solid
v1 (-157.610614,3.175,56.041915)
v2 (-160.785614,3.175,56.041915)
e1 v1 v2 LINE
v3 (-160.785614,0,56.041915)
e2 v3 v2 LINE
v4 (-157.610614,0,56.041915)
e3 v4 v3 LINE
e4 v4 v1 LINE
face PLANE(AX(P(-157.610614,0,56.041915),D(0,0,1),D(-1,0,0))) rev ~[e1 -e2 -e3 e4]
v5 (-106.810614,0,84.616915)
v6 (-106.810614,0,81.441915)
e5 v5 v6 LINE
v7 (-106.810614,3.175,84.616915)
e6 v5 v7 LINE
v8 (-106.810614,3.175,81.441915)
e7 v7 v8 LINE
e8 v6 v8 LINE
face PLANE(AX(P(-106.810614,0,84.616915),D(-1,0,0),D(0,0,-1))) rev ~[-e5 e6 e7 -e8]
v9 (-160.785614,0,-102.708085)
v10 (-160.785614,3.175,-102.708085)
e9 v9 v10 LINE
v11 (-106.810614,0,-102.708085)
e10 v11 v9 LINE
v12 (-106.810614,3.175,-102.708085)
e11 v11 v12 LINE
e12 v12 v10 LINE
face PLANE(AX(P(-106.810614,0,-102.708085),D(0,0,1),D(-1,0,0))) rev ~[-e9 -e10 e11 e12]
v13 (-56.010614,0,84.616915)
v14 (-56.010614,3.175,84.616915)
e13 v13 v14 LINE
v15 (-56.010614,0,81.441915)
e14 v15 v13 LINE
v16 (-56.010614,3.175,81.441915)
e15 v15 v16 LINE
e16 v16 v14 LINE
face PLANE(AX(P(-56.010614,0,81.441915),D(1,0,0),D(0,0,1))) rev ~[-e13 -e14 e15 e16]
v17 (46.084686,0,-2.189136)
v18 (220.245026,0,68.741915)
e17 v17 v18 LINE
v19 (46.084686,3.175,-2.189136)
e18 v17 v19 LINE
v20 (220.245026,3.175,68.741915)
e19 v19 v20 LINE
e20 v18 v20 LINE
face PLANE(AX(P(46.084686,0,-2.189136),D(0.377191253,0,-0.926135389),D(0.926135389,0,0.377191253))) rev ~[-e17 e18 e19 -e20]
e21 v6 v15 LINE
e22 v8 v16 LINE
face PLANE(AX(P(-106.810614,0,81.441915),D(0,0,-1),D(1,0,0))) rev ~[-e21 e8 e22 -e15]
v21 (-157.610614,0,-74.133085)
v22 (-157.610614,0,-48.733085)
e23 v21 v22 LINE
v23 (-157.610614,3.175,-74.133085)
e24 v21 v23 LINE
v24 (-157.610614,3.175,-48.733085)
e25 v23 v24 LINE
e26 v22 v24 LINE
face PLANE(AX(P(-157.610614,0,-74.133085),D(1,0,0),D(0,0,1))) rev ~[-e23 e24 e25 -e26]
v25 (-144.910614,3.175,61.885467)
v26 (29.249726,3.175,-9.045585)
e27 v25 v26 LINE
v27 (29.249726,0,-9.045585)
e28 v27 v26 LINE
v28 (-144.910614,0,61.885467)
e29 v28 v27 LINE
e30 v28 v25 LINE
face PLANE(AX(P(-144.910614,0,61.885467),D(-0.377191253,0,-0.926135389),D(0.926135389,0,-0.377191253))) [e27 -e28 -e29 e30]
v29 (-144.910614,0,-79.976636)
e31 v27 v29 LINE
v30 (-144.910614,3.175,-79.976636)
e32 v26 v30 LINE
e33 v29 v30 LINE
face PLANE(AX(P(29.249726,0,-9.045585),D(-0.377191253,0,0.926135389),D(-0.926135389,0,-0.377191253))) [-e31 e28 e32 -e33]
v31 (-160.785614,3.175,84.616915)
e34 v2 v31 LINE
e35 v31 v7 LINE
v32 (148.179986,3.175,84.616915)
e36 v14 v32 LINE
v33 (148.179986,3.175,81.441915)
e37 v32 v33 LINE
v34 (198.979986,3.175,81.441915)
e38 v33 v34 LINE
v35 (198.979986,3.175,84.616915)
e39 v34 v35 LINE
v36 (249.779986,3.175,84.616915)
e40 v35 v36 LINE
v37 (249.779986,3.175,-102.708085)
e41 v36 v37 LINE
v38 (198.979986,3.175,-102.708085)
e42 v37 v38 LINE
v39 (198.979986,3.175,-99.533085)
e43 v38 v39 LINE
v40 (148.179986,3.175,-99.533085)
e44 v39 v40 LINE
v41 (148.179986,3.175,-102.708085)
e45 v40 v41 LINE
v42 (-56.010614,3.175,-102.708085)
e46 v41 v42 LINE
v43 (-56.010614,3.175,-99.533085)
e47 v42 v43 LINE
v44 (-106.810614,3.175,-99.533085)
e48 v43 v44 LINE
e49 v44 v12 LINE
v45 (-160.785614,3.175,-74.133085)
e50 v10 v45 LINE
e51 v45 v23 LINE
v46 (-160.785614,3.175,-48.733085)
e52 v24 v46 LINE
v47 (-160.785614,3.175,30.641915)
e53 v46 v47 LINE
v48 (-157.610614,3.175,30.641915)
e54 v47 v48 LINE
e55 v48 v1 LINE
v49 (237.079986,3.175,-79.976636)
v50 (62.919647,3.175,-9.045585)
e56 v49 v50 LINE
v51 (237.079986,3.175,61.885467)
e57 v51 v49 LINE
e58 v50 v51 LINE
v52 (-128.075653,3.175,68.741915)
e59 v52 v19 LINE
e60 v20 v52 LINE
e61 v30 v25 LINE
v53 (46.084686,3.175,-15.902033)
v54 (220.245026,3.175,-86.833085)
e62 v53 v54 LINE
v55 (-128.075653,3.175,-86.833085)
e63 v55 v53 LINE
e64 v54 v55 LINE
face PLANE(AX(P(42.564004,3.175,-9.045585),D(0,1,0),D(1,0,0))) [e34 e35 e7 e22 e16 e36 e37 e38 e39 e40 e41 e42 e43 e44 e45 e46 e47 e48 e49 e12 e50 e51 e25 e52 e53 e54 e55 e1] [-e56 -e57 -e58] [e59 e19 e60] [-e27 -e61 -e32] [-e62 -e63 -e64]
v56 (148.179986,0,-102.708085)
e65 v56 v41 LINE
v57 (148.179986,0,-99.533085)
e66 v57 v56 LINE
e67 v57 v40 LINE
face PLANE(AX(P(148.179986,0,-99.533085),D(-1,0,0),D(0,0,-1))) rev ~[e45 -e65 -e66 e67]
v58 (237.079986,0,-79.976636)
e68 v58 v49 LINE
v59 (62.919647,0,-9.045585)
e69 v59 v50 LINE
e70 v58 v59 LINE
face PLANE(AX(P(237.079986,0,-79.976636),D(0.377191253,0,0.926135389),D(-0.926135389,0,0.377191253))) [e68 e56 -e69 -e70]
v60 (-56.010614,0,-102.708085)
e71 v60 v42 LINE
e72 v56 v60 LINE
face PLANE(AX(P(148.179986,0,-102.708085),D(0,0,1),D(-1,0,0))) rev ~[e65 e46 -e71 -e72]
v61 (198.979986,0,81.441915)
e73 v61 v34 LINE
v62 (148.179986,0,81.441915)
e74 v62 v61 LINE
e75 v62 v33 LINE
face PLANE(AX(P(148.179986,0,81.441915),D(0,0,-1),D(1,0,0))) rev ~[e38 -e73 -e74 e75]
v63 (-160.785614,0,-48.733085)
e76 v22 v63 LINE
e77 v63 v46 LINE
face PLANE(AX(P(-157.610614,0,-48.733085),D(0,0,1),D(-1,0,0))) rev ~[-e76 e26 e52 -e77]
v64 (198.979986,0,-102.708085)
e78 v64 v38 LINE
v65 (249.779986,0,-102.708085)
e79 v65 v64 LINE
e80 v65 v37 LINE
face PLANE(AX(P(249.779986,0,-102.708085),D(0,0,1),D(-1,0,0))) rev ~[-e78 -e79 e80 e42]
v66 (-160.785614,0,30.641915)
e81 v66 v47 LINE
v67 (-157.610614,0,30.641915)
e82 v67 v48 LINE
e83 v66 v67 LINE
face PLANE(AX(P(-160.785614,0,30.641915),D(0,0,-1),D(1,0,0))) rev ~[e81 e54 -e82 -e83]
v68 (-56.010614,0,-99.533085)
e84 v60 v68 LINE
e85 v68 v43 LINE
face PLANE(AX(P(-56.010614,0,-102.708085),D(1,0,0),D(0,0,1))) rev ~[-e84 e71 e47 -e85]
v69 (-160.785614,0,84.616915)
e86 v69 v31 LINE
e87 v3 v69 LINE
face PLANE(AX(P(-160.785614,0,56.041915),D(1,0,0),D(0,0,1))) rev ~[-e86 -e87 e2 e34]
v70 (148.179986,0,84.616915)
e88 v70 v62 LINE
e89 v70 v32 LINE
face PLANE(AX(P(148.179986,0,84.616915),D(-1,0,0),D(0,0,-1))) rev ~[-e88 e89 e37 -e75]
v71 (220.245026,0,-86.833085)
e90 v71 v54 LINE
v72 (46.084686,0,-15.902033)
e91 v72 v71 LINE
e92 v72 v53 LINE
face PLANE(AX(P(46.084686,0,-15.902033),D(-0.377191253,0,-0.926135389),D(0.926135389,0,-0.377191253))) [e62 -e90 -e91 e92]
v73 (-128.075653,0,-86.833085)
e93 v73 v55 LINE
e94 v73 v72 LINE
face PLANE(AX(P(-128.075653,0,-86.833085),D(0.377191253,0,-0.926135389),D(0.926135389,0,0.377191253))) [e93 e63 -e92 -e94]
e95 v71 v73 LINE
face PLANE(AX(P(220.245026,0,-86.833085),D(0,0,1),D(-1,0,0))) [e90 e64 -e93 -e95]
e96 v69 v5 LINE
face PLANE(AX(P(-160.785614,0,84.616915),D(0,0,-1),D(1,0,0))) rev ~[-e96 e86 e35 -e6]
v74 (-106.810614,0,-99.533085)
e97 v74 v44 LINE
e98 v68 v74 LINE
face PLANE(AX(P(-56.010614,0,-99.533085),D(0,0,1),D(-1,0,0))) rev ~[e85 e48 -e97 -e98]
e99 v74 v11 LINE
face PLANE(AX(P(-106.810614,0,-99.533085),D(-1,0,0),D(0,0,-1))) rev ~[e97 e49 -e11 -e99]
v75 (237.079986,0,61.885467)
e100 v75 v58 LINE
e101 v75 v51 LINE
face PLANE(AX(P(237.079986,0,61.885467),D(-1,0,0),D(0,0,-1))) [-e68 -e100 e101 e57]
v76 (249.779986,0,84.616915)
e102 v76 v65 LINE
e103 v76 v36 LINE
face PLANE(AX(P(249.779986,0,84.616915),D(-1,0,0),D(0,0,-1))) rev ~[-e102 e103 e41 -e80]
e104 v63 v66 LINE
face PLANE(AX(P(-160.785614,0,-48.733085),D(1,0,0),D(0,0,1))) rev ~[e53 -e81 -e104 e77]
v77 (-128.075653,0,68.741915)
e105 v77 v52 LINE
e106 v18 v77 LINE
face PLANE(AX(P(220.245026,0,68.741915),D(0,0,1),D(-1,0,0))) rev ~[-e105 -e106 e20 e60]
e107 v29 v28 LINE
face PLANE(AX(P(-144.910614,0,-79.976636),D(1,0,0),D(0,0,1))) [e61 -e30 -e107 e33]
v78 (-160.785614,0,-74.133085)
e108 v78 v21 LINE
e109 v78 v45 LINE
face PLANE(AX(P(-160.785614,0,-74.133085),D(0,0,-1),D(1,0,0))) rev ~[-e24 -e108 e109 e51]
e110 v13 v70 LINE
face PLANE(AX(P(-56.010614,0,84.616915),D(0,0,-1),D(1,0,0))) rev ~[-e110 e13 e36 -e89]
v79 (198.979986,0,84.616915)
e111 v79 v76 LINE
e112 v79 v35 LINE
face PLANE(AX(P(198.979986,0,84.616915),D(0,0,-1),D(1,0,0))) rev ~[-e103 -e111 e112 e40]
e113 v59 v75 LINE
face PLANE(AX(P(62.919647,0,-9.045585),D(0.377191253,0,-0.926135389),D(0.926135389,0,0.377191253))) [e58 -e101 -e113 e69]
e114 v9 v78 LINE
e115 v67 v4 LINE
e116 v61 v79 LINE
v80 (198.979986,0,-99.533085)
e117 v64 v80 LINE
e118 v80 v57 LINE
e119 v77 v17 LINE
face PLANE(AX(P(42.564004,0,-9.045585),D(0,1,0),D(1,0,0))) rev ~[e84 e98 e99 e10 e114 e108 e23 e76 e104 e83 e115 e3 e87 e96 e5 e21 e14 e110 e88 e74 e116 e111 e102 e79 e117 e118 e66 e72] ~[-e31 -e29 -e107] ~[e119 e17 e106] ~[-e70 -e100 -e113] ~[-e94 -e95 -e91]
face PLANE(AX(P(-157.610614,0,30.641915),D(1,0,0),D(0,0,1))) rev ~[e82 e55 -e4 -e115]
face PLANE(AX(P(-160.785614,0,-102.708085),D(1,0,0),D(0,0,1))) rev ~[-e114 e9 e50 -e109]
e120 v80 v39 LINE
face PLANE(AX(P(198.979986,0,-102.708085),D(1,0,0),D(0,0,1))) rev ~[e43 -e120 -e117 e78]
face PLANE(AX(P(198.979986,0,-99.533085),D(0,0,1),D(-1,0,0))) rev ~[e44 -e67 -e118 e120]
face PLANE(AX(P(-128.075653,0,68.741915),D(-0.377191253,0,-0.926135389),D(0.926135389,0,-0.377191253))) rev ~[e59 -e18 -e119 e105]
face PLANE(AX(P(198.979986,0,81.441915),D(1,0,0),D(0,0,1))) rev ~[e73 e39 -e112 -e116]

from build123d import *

# Parameters (mm, degrees)
BOSS_EXTRUDE3_DEPTH = 3.175


with BuildPart() as part:
    # Sketch1 → Boss-Extrude3 (new body)
    with BuildSketch(Plane(origin=(0, 0, 0), x_dir=(1, 0, 0), z_dir=(0, 1, 0))):
        Polygon((-56.010613502, -81.441915492), (-56.010613502, -84.616915492), (148.179986498, -84.616915492), (148.179986498, -81.441915492), (198.979986498, -81.441915492), (198.979986498, -84.616915492), (249.779986498, -84.616915492), (249.779986498, -81.441915492), (249.779986498, 99.533084508), (249.779986498, 102.708084508), (198.979986498, 102.708084508), (198.979986498, 99.533084508), (148.179986498, 99.533084508), (148.179986498, 102.708084508), (-56.010613502, 102.708084508), (-56.010613502, 99.533084508), (-106.810613502, 99.533084508), (-106.810613502, 102.708084508), (-157.610613502, 102.708084508), (-160.785613502, 102.708084508), (-160.785613502, 99.533084508), (-160.785613502, 74.133084508), (-157.610613502, 74.133084508), (-157.610613502, 48.733084508), (-160.785613502, 48.733084508), (-160.785613502, -30.641915492), (-157.610613502, -30.641915492), (-157.610613502, -56.041915492), (-160.785613502, -56.041915492), (-160.785613502, -81.441915492), (-160.785613502, -84.616915492), (-157.610613502, -84.616915492), (-106.810613502, -84.616915492), (-106.810613502, -81.441915492), align=None)
        Polygon((46.084686498, 15.902033442), (220.245025597, 86.833084508), (-128.0756526, 86.833084508), align=None, mode=Mode.SUBTRACT)
        Polygon((-144.910613502, -61.885466558), (29.249725597, 9.045584508), (-144.910613502, 79.976635573), align=None, mode=Mode.SUBTRACT)
        Polygon((-128.0756526, -68.741915492), (46.084686498, 2.189135573), (220.245025597, -68.741915492), align=None, mode=Mode.SUBTRACT)
        Polygon((62.9196474, 9.045584508), (237.079986498, -61.885466558), (237.079986498, 79.976635573), align=None, mode=Mode.SUBTRACT)
    extrude(amount=BOSS_EXTRUDE3_DEPTH)


solid = part.part
